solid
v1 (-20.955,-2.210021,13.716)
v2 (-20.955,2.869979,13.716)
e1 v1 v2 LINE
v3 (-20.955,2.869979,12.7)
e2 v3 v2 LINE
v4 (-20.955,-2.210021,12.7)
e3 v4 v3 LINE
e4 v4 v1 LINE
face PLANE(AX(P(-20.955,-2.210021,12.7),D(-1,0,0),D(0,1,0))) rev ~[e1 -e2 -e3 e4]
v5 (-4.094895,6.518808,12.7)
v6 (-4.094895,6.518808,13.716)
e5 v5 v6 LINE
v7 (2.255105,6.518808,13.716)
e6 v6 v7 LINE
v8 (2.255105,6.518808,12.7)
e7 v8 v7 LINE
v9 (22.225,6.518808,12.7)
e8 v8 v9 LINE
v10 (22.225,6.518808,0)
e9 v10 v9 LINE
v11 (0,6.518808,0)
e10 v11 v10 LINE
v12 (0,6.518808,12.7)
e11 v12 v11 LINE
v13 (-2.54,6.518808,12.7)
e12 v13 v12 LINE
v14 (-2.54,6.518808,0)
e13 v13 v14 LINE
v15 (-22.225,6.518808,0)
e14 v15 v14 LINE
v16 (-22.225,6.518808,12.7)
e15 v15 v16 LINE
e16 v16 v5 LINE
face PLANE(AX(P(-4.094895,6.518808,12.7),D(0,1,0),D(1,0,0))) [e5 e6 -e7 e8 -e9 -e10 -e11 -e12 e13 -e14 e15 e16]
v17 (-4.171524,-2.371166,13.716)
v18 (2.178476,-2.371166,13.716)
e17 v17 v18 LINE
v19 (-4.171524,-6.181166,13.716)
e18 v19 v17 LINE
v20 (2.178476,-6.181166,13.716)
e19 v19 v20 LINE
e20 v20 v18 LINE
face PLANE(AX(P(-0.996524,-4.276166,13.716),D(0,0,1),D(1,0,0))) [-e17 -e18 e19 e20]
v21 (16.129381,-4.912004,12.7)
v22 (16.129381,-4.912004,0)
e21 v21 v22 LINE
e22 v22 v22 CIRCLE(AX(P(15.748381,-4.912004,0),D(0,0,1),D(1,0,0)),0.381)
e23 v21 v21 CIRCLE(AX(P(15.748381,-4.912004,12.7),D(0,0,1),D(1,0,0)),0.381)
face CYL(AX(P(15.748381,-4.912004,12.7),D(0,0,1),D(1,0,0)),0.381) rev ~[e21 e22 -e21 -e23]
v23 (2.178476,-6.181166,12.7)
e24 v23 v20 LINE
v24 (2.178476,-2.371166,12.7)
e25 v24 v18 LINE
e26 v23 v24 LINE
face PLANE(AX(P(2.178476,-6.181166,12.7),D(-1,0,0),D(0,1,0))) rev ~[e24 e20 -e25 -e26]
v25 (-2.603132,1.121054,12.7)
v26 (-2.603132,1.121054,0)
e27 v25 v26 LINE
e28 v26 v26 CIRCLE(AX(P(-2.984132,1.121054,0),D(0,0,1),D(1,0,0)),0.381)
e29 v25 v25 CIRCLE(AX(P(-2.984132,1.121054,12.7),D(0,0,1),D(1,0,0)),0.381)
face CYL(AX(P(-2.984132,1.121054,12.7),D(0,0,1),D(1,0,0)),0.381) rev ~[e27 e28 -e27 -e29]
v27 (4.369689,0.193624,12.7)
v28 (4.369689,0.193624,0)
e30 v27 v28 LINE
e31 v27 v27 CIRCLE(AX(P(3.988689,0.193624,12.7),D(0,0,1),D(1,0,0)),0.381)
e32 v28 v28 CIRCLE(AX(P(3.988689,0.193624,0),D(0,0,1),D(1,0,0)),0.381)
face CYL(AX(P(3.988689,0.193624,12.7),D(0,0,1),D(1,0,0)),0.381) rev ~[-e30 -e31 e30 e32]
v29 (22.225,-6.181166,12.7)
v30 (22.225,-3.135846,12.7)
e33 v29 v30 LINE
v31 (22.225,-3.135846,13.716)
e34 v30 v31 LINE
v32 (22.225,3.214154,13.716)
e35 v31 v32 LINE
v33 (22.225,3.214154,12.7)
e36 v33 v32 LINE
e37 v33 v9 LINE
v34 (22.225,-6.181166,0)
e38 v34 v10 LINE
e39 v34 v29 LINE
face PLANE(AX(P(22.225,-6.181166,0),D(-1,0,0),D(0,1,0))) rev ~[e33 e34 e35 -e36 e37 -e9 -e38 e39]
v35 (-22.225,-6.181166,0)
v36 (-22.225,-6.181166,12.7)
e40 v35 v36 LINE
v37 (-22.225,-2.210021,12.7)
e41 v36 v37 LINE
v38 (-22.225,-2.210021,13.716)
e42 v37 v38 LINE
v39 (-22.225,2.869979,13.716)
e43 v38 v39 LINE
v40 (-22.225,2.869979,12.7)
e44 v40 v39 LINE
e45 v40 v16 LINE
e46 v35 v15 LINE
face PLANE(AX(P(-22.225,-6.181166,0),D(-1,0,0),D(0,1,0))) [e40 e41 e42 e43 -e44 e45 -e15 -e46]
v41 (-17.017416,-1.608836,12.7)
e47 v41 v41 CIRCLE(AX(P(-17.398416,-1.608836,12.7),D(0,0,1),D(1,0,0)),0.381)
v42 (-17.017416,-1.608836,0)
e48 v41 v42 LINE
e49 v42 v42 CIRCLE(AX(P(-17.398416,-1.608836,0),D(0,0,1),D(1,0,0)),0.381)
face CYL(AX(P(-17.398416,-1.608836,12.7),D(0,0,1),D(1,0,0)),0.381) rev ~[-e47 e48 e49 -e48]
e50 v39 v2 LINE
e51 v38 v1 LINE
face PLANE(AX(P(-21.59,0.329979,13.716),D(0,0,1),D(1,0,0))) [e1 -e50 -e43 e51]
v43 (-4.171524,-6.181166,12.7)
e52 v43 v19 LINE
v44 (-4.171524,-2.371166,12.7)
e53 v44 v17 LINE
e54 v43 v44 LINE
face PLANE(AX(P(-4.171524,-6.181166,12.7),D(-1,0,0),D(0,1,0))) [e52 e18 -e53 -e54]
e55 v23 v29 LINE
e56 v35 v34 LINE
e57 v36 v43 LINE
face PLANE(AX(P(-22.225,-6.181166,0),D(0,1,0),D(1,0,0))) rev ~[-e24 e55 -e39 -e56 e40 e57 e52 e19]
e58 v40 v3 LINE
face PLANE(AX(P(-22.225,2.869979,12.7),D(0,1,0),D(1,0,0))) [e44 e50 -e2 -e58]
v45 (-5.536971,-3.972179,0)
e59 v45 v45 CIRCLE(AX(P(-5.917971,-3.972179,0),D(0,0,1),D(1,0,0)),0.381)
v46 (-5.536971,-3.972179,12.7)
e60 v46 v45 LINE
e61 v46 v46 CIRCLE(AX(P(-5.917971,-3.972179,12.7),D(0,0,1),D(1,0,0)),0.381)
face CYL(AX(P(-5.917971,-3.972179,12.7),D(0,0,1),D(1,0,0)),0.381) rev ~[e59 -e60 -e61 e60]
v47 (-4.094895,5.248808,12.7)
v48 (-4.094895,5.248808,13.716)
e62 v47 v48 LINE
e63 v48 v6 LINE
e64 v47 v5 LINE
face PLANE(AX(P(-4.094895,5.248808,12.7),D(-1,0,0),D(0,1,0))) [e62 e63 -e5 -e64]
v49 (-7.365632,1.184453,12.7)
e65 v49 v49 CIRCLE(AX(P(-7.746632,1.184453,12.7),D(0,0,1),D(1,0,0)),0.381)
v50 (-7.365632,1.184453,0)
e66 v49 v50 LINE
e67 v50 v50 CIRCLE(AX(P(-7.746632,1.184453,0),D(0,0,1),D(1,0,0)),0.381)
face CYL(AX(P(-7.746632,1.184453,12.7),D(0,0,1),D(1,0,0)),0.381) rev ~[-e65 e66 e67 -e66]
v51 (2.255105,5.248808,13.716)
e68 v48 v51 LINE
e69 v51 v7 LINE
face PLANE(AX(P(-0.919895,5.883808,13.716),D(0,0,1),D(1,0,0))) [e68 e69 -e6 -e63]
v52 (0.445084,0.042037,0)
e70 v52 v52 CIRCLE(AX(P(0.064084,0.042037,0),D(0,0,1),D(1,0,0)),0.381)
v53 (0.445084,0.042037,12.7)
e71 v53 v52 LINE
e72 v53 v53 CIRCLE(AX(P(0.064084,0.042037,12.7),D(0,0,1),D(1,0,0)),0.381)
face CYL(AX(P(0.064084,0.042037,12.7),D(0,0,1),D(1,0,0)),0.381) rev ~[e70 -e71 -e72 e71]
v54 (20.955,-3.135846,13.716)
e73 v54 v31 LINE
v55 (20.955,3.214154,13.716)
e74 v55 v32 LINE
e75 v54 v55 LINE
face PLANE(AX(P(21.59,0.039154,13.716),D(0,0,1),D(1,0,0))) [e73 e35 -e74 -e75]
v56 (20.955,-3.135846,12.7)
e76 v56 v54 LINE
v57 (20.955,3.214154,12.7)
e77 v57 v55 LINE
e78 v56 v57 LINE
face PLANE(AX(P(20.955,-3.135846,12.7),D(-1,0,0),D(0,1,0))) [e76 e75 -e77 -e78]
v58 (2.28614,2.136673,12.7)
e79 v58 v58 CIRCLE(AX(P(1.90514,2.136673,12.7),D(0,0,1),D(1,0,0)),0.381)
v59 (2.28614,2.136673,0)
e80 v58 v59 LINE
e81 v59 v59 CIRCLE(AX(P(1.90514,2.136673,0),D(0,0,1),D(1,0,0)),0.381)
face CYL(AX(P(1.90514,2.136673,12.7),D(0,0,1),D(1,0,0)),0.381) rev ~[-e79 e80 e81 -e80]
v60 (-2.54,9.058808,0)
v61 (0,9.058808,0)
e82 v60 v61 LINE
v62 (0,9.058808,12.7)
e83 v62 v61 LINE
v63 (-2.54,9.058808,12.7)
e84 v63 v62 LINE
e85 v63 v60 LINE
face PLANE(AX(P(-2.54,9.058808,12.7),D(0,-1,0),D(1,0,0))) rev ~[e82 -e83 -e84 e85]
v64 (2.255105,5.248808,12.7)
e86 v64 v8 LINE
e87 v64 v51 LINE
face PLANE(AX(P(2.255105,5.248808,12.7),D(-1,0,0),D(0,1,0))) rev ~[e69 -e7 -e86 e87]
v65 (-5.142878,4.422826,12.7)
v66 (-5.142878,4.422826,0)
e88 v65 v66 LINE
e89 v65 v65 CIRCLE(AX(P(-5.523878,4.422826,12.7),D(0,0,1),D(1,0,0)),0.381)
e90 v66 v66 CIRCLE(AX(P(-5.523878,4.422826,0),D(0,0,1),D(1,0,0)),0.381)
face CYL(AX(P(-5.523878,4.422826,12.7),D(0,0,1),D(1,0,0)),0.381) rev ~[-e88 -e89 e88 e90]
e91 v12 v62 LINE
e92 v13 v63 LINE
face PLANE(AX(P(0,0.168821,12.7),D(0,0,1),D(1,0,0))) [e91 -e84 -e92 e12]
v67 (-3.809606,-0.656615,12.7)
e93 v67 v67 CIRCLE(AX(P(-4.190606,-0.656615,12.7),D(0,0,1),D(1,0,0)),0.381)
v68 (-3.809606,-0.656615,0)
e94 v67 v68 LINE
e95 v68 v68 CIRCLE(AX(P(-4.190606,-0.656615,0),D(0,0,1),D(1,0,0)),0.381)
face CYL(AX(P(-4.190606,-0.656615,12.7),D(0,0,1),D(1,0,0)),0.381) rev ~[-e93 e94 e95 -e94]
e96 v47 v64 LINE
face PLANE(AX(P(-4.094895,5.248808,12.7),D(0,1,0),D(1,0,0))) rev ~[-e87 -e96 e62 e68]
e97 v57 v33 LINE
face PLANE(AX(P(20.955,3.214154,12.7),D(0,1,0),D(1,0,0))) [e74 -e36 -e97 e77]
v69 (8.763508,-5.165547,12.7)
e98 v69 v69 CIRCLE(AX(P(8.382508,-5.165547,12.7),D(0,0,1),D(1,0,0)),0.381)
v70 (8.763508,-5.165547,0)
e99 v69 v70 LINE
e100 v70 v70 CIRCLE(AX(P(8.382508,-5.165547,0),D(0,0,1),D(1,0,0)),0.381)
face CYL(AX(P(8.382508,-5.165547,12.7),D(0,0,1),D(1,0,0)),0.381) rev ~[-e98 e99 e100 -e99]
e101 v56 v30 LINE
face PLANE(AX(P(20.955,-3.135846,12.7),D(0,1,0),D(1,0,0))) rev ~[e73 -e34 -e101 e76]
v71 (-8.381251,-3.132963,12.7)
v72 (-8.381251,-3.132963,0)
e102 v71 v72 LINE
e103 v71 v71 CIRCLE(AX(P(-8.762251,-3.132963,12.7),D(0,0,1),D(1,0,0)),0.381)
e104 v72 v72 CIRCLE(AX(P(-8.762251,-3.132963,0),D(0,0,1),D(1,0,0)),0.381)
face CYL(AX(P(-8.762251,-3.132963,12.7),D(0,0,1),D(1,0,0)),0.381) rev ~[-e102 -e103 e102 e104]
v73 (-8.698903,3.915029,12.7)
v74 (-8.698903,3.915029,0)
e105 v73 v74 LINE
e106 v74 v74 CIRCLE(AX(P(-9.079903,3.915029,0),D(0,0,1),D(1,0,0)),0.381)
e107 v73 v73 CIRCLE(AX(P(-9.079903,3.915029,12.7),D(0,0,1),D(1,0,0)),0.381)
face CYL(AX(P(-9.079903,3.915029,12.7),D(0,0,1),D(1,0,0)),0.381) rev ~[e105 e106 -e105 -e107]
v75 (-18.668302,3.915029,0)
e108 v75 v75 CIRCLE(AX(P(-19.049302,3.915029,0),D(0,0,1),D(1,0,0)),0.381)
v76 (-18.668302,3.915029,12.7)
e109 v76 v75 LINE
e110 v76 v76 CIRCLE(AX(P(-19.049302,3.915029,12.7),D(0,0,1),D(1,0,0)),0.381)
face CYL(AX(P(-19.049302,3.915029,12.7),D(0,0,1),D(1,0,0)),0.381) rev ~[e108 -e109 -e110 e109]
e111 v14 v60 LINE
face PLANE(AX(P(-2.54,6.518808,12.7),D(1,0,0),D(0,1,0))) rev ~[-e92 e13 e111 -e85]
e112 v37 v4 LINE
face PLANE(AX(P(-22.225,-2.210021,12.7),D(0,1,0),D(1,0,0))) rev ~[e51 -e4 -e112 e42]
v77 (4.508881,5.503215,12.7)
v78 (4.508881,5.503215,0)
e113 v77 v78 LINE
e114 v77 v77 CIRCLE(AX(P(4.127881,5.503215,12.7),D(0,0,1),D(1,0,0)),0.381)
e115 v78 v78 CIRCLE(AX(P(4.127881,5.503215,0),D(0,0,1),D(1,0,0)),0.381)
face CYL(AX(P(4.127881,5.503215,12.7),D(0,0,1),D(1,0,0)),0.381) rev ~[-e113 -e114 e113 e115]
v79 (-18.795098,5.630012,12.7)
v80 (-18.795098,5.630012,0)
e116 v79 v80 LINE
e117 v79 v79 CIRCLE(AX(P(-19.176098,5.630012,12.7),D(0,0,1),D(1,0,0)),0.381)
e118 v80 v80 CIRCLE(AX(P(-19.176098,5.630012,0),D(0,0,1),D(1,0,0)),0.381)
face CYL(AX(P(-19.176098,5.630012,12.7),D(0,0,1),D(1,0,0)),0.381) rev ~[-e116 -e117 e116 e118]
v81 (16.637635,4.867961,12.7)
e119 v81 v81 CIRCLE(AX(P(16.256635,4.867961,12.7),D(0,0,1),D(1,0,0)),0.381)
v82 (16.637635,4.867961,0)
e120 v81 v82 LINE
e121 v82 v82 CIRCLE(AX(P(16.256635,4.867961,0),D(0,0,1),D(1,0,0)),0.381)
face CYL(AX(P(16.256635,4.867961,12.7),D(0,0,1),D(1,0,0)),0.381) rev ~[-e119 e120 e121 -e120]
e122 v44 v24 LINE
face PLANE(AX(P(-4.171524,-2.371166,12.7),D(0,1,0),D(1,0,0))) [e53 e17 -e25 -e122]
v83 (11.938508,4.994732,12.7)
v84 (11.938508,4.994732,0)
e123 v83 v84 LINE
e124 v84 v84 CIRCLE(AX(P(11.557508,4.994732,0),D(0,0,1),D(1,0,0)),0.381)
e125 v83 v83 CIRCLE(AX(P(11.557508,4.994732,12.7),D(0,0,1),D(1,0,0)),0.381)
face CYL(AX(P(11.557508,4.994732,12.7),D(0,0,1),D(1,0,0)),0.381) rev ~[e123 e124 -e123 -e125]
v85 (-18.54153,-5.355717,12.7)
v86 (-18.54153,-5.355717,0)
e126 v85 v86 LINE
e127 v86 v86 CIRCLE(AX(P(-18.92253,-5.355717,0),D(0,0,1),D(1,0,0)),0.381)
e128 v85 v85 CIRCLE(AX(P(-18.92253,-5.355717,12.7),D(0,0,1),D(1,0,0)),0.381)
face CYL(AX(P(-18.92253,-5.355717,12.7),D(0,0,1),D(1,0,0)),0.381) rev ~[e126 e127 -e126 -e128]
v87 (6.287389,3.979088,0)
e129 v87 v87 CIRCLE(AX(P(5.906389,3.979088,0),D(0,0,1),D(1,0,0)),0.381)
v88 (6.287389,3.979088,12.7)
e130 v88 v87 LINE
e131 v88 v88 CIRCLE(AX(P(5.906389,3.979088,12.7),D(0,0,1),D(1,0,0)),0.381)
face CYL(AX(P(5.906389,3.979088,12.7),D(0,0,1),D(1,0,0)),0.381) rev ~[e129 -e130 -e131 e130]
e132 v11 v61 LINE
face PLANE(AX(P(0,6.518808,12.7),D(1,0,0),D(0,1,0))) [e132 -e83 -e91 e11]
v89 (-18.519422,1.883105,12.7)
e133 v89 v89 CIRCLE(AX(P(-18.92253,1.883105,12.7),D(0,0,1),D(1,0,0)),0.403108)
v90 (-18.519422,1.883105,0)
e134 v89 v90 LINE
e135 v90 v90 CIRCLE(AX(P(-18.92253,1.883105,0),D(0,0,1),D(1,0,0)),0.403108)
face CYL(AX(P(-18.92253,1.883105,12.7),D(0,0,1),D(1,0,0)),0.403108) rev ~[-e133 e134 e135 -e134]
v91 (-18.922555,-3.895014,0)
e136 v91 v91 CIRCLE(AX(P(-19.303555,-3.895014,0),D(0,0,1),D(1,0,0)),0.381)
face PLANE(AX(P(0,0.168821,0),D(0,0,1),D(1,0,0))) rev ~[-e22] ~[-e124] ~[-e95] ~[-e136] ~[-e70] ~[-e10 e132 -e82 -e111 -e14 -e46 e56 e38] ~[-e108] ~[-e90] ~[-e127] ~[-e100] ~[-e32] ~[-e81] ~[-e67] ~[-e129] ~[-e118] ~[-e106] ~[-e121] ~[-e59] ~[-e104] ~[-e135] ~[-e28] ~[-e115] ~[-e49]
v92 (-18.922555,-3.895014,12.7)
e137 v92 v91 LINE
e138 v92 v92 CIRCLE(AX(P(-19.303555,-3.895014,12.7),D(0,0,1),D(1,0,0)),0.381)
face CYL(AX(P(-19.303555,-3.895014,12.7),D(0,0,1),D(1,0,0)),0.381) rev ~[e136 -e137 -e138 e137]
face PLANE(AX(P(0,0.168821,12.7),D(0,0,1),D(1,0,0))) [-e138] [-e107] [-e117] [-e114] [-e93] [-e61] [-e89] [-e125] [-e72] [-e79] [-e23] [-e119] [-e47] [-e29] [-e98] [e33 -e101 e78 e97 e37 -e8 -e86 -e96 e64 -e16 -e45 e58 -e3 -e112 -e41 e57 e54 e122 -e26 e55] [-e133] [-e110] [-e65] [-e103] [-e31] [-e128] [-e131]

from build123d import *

# Parameters (mm, degrees)
F1_W     = 44.45
F1_H     = 12.699974
F2_DEPTH = 12.7
F3_R     = 0.381
F3_R_2   = 0.403108
F4_DEPTH = 12.701
F5_W     = 2.54
F5_H     = 2.54
F6_DEPTH = 12.7
F7_W     = 6.35
F7_H     = 1.27
F7_H_2   = 3.81
F7_W_2   = 1.27
F7_H_3   = 6.35
F7_H_4   = 5.08
F8_DEPTH = 1.016


with BuildPart() as f2:
    # F1 (on face) → F2 (new body)
    with BuildSketch(Plane.XY):
        with Locations((0, 0.168821)):
            Rectangle(F1_W, F1_H)
    extrude(amount=F2_DEPTH)

    # F3 (on face) → F4 (cut, through all)
    with BuildSketch(Plane.XY.offset(12.7)):
        with Locations((-18.92253, -5.355717)):
            Circle(F3_R)
        with Locations((-19.303555, -3.895014)):
            Circle(F3_R)
        with Locations((-17.398416, -1.608836)):
            Circle(F3_R)
        with Locations((-18.92253, 1.883105)):
            Circle(F3_R_2)
        with Locations((-19.049302, 3.915029)):
            Circle(F3_R)
        with Locations((-19.176098, 5.630012)):
            Circle(F3_R)
        with Locations((-9.079903, 3.915029)):
            Circle(F3_R)
        with Locations((-7.746632, 1.184453)):
            Circle(F3_R)
        with Locations((-8.762251, -3.132963)):
            Circle(F3_R)
        with Locations((-5.917971, -3.972179)):
            Circle(F3_R)
        with Locations((-4.190606, -0.656615)):
            Circle(F3_R)
        with Locations((-2.984132, 1.121054)):
            Circle(F3_R)
        with Locations((-5.523878, 4.422826)):
            Circle(F3_R)
        with Locations((0.064084, 0.042037)):
            Circle(F3_R)
        with Locations((1.90514, 2.136673)):
            Circle(F3_R)
        with Locations((3.988689, 0.193624)):
            Circle(F3_R)
        with Locations((8.382508, -5.165547)):
            Circle(F3_R)
        with Locations((5.906389, 3.979088)):
            Circle(F3_R)
        with Locations((4.127881, 5.503215)):
            Circle(F3_R)
        with Locations((11.557508, 4.994732)):
            Circle(F3_R)
        with Locations((16.256635, 4.867961)):
            Circle(F3_R)
        with Locations((15.748381, -4.912004)):
            Circle(F3_R)
    extrude(amount=-F4_DEPTH, mode=Mode.SUBTRACT)

    # F5 (on face) → F6 (join, through all)
    with BuildSketch(Plane.XY.offset(12.7)):
        with Locations((-1.27, 7.788808)):
            Rectangle(F5_W, F5_H)
    extrude(amount=-F6_DEPTH)

    # F7 (on face) → F8 (join)
    with BuildSketch(Plane.XY.offset(12.7)):
        with Locations((-0.919895, 5.883808)):
            Rectangle(F7_W, F7_H)
        with Locations((-0.996524, -4.276166)):
            Rectangle(F7_W, F7_H_2)
        with Locations((21.59, 0.039154)):
            Rectangle(F7_W_2, F7_H_3)
        with Locations((-21.59, 0.329979)):
            Rectangle(F7_W_2, F7_H_4)
    extrude(amount=F8_DEPTH)


solid = f2.part
